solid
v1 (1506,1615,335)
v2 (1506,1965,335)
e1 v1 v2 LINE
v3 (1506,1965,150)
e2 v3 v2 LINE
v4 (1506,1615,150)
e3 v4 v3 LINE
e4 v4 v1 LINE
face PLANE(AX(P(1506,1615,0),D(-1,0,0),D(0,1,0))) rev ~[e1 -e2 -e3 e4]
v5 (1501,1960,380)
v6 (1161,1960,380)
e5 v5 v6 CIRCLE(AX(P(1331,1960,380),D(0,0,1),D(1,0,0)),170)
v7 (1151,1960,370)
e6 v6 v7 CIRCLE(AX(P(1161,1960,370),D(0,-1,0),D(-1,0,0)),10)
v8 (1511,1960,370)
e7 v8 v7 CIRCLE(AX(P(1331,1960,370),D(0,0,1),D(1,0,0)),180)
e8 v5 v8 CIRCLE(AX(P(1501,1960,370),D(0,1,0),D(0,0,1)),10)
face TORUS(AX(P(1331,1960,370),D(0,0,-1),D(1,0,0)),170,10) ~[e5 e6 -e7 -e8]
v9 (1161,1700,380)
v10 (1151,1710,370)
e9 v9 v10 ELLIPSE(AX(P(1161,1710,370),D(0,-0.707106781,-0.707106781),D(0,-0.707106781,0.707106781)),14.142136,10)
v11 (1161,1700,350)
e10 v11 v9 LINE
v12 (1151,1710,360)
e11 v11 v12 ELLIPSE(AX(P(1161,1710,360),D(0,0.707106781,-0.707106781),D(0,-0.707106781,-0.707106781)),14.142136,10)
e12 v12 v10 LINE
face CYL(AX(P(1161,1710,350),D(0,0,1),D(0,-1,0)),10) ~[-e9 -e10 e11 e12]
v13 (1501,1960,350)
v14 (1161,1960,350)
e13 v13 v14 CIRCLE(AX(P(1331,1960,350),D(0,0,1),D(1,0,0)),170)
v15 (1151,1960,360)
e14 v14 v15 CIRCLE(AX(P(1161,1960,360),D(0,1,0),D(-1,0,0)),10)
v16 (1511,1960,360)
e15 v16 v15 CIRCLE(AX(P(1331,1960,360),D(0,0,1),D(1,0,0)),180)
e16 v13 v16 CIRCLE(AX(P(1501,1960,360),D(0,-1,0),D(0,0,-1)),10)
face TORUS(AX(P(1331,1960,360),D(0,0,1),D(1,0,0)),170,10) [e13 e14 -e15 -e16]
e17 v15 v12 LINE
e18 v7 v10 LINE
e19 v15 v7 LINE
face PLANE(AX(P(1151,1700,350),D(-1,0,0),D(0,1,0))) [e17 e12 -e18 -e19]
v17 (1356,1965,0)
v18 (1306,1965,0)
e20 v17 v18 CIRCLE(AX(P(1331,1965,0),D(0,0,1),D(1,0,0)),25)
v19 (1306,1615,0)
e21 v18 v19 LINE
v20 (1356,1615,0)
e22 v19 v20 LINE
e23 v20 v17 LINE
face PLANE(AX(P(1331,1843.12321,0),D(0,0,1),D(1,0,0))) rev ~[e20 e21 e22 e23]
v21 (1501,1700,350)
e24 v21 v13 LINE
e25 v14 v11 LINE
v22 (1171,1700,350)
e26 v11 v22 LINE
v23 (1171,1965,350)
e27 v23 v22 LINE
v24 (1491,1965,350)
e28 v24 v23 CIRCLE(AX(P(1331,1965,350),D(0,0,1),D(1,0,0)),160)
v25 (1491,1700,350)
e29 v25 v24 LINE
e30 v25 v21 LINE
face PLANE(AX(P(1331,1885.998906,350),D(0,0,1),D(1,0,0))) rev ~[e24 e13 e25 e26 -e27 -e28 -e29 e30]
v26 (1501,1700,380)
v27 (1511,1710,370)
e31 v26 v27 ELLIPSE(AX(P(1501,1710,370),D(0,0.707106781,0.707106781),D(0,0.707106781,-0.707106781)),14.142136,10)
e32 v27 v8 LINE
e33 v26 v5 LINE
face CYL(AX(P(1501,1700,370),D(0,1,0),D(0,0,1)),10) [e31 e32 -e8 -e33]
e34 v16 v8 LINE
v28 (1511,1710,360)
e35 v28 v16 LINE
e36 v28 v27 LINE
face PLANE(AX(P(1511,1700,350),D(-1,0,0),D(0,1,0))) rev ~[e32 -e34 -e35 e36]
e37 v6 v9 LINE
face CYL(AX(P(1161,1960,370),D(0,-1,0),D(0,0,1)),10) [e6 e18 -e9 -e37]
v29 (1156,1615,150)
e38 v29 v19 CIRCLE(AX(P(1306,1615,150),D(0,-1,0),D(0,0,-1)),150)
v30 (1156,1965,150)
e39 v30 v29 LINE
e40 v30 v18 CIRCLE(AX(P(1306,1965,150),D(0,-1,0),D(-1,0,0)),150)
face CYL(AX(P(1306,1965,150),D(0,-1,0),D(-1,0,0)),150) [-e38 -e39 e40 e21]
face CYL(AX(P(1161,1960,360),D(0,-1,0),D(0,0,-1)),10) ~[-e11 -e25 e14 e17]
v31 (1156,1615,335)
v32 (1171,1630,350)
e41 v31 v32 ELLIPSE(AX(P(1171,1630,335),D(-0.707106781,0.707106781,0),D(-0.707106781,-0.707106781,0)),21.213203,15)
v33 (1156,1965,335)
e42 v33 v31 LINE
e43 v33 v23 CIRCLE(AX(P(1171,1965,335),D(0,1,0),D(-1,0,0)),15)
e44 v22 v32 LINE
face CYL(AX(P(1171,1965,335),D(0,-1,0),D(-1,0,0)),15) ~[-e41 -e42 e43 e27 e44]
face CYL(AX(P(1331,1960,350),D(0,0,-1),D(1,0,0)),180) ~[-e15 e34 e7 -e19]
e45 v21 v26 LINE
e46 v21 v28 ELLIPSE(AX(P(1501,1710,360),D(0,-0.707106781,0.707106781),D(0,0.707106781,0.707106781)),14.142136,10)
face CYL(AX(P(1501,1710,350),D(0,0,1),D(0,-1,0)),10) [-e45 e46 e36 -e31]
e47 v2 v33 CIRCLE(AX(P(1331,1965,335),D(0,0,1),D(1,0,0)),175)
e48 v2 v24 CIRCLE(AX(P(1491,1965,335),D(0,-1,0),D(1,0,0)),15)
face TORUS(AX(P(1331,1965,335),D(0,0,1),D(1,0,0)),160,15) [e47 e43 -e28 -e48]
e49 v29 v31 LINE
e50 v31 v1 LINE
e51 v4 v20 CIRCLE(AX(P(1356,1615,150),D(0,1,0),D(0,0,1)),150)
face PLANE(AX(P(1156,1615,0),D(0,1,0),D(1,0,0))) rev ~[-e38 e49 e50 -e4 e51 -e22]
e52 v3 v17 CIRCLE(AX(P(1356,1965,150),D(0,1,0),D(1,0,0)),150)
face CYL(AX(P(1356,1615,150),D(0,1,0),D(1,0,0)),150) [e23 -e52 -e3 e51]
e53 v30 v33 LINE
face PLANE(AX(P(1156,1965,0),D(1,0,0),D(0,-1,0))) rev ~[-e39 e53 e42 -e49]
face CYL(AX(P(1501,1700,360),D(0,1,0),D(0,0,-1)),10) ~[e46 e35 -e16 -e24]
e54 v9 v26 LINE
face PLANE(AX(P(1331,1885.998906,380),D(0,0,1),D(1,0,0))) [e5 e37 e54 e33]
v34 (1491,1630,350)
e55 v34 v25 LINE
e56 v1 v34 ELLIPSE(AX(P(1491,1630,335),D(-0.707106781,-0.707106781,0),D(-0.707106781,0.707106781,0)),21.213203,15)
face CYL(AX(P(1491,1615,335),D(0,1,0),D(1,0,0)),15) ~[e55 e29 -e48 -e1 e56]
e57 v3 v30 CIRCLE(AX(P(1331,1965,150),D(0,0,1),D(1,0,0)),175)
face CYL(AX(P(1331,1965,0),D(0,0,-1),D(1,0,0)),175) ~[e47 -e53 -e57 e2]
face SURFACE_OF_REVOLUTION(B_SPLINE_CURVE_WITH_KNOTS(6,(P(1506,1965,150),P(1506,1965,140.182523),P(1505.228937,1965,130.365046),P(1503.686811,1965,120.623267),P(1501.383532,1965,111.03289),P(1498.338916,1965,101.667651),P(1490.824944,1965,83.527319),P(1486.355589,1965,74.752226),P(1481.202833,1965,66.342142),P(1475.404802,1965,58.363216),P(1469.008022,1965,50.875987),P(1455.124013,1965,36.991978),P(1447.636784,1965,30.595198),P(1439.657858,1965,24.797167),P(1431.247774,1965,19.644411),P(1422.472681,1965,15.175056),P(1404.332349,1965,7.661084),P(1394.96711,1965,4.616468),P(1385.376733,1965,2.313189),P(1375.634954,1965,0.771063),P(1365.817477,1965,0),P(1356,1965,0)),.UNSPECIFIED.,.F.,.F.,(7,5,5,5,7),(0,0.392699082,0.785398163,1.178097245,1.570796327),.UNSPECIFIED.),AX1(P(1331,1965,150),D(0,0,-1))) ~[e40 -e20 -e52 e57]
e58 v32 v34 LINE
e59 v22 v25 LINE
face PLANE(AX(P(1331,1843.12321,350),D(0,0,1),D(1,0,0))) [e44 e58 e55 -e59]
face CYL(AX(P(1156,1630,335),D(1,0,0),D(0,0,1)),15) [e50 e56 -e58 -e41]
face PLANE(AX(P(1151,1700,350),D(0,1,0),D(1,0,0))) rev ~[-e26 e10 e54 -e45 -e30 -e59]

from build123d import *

# Parameters (mm, degrees)
PAD014_DEPTH = 350
FILLET013_R  = 150
FILLET014_R  = 15
PAD015_DEPTH = 30
FILLET015_R  = 10


with BuildPart() as part:
    # Sketch194 → Pad014 (new body)
    with BuildSketch(Plane.XY):
        with BuildLine():
            Line((0, 350), (0, 0))
            Line((0, 0), (350, 0))
            Line((350, 0), (350, 350))
            ThreePointArc((350, 350), (175, 525), (0, 350))
        make_face()
    extrude(amount=PAD014_DEPTH)

    # Fillet013
    fillet013_edges = [part.edges().sort_by_distance(p)[0] for p in [
        (350, 175, 0),
        (175, 525, 0),
        (0, 175, 0),
    ]]
    fillet(fillet013_edges, radius=FILLET013_R)

    # Fillet014
    fillet014_edges = [part.edges().sort_by_distance(p)[0] for p in [
        (0, 175, 350),
        (175, 0, 350),
        (350, 175, 350),
        (175, 525, 350),
    ]]
    fillet(fillet014_edges, radius=FILLET014_R)

    # Sketch195 (on Face4 of Fillet013) → Pad015 (join)
    with BuildSketch(Plane.XY.offset(350)):
        with BuildLine():
            Line((-5, 85), (355, 85))
            Line((355, 85), (355, 345))
            ThreePointArc((355, 345), (175, 525), (-5, 345))
            Line((-5, 85), (-5, 345))
        make_face()
    extrude(amount=PAD015_DEPTH)

    # Fillet015
    fillet015_edges = [part.edges().sort_by_distance(p)[0] for p in [
        (355, 345, 365),
        (-5, 345, 365),
        (175, 525, 350),
        (175, 525, 380),
        (-5, 85, 365),
        (-5, 215, 350),
        (-5, 215, 380),
        (355, 85, 365),
        (355, 215, 350),
        (355, 215, 380),
    ]]
    fillet(fillet015_edges, radius=FILLET015_R)


with BuildPart() as part_1:
    # Body010 placement: moved
    add(part.part.moved(Location((1156, 1615, 0))))


solid = part_1.part
